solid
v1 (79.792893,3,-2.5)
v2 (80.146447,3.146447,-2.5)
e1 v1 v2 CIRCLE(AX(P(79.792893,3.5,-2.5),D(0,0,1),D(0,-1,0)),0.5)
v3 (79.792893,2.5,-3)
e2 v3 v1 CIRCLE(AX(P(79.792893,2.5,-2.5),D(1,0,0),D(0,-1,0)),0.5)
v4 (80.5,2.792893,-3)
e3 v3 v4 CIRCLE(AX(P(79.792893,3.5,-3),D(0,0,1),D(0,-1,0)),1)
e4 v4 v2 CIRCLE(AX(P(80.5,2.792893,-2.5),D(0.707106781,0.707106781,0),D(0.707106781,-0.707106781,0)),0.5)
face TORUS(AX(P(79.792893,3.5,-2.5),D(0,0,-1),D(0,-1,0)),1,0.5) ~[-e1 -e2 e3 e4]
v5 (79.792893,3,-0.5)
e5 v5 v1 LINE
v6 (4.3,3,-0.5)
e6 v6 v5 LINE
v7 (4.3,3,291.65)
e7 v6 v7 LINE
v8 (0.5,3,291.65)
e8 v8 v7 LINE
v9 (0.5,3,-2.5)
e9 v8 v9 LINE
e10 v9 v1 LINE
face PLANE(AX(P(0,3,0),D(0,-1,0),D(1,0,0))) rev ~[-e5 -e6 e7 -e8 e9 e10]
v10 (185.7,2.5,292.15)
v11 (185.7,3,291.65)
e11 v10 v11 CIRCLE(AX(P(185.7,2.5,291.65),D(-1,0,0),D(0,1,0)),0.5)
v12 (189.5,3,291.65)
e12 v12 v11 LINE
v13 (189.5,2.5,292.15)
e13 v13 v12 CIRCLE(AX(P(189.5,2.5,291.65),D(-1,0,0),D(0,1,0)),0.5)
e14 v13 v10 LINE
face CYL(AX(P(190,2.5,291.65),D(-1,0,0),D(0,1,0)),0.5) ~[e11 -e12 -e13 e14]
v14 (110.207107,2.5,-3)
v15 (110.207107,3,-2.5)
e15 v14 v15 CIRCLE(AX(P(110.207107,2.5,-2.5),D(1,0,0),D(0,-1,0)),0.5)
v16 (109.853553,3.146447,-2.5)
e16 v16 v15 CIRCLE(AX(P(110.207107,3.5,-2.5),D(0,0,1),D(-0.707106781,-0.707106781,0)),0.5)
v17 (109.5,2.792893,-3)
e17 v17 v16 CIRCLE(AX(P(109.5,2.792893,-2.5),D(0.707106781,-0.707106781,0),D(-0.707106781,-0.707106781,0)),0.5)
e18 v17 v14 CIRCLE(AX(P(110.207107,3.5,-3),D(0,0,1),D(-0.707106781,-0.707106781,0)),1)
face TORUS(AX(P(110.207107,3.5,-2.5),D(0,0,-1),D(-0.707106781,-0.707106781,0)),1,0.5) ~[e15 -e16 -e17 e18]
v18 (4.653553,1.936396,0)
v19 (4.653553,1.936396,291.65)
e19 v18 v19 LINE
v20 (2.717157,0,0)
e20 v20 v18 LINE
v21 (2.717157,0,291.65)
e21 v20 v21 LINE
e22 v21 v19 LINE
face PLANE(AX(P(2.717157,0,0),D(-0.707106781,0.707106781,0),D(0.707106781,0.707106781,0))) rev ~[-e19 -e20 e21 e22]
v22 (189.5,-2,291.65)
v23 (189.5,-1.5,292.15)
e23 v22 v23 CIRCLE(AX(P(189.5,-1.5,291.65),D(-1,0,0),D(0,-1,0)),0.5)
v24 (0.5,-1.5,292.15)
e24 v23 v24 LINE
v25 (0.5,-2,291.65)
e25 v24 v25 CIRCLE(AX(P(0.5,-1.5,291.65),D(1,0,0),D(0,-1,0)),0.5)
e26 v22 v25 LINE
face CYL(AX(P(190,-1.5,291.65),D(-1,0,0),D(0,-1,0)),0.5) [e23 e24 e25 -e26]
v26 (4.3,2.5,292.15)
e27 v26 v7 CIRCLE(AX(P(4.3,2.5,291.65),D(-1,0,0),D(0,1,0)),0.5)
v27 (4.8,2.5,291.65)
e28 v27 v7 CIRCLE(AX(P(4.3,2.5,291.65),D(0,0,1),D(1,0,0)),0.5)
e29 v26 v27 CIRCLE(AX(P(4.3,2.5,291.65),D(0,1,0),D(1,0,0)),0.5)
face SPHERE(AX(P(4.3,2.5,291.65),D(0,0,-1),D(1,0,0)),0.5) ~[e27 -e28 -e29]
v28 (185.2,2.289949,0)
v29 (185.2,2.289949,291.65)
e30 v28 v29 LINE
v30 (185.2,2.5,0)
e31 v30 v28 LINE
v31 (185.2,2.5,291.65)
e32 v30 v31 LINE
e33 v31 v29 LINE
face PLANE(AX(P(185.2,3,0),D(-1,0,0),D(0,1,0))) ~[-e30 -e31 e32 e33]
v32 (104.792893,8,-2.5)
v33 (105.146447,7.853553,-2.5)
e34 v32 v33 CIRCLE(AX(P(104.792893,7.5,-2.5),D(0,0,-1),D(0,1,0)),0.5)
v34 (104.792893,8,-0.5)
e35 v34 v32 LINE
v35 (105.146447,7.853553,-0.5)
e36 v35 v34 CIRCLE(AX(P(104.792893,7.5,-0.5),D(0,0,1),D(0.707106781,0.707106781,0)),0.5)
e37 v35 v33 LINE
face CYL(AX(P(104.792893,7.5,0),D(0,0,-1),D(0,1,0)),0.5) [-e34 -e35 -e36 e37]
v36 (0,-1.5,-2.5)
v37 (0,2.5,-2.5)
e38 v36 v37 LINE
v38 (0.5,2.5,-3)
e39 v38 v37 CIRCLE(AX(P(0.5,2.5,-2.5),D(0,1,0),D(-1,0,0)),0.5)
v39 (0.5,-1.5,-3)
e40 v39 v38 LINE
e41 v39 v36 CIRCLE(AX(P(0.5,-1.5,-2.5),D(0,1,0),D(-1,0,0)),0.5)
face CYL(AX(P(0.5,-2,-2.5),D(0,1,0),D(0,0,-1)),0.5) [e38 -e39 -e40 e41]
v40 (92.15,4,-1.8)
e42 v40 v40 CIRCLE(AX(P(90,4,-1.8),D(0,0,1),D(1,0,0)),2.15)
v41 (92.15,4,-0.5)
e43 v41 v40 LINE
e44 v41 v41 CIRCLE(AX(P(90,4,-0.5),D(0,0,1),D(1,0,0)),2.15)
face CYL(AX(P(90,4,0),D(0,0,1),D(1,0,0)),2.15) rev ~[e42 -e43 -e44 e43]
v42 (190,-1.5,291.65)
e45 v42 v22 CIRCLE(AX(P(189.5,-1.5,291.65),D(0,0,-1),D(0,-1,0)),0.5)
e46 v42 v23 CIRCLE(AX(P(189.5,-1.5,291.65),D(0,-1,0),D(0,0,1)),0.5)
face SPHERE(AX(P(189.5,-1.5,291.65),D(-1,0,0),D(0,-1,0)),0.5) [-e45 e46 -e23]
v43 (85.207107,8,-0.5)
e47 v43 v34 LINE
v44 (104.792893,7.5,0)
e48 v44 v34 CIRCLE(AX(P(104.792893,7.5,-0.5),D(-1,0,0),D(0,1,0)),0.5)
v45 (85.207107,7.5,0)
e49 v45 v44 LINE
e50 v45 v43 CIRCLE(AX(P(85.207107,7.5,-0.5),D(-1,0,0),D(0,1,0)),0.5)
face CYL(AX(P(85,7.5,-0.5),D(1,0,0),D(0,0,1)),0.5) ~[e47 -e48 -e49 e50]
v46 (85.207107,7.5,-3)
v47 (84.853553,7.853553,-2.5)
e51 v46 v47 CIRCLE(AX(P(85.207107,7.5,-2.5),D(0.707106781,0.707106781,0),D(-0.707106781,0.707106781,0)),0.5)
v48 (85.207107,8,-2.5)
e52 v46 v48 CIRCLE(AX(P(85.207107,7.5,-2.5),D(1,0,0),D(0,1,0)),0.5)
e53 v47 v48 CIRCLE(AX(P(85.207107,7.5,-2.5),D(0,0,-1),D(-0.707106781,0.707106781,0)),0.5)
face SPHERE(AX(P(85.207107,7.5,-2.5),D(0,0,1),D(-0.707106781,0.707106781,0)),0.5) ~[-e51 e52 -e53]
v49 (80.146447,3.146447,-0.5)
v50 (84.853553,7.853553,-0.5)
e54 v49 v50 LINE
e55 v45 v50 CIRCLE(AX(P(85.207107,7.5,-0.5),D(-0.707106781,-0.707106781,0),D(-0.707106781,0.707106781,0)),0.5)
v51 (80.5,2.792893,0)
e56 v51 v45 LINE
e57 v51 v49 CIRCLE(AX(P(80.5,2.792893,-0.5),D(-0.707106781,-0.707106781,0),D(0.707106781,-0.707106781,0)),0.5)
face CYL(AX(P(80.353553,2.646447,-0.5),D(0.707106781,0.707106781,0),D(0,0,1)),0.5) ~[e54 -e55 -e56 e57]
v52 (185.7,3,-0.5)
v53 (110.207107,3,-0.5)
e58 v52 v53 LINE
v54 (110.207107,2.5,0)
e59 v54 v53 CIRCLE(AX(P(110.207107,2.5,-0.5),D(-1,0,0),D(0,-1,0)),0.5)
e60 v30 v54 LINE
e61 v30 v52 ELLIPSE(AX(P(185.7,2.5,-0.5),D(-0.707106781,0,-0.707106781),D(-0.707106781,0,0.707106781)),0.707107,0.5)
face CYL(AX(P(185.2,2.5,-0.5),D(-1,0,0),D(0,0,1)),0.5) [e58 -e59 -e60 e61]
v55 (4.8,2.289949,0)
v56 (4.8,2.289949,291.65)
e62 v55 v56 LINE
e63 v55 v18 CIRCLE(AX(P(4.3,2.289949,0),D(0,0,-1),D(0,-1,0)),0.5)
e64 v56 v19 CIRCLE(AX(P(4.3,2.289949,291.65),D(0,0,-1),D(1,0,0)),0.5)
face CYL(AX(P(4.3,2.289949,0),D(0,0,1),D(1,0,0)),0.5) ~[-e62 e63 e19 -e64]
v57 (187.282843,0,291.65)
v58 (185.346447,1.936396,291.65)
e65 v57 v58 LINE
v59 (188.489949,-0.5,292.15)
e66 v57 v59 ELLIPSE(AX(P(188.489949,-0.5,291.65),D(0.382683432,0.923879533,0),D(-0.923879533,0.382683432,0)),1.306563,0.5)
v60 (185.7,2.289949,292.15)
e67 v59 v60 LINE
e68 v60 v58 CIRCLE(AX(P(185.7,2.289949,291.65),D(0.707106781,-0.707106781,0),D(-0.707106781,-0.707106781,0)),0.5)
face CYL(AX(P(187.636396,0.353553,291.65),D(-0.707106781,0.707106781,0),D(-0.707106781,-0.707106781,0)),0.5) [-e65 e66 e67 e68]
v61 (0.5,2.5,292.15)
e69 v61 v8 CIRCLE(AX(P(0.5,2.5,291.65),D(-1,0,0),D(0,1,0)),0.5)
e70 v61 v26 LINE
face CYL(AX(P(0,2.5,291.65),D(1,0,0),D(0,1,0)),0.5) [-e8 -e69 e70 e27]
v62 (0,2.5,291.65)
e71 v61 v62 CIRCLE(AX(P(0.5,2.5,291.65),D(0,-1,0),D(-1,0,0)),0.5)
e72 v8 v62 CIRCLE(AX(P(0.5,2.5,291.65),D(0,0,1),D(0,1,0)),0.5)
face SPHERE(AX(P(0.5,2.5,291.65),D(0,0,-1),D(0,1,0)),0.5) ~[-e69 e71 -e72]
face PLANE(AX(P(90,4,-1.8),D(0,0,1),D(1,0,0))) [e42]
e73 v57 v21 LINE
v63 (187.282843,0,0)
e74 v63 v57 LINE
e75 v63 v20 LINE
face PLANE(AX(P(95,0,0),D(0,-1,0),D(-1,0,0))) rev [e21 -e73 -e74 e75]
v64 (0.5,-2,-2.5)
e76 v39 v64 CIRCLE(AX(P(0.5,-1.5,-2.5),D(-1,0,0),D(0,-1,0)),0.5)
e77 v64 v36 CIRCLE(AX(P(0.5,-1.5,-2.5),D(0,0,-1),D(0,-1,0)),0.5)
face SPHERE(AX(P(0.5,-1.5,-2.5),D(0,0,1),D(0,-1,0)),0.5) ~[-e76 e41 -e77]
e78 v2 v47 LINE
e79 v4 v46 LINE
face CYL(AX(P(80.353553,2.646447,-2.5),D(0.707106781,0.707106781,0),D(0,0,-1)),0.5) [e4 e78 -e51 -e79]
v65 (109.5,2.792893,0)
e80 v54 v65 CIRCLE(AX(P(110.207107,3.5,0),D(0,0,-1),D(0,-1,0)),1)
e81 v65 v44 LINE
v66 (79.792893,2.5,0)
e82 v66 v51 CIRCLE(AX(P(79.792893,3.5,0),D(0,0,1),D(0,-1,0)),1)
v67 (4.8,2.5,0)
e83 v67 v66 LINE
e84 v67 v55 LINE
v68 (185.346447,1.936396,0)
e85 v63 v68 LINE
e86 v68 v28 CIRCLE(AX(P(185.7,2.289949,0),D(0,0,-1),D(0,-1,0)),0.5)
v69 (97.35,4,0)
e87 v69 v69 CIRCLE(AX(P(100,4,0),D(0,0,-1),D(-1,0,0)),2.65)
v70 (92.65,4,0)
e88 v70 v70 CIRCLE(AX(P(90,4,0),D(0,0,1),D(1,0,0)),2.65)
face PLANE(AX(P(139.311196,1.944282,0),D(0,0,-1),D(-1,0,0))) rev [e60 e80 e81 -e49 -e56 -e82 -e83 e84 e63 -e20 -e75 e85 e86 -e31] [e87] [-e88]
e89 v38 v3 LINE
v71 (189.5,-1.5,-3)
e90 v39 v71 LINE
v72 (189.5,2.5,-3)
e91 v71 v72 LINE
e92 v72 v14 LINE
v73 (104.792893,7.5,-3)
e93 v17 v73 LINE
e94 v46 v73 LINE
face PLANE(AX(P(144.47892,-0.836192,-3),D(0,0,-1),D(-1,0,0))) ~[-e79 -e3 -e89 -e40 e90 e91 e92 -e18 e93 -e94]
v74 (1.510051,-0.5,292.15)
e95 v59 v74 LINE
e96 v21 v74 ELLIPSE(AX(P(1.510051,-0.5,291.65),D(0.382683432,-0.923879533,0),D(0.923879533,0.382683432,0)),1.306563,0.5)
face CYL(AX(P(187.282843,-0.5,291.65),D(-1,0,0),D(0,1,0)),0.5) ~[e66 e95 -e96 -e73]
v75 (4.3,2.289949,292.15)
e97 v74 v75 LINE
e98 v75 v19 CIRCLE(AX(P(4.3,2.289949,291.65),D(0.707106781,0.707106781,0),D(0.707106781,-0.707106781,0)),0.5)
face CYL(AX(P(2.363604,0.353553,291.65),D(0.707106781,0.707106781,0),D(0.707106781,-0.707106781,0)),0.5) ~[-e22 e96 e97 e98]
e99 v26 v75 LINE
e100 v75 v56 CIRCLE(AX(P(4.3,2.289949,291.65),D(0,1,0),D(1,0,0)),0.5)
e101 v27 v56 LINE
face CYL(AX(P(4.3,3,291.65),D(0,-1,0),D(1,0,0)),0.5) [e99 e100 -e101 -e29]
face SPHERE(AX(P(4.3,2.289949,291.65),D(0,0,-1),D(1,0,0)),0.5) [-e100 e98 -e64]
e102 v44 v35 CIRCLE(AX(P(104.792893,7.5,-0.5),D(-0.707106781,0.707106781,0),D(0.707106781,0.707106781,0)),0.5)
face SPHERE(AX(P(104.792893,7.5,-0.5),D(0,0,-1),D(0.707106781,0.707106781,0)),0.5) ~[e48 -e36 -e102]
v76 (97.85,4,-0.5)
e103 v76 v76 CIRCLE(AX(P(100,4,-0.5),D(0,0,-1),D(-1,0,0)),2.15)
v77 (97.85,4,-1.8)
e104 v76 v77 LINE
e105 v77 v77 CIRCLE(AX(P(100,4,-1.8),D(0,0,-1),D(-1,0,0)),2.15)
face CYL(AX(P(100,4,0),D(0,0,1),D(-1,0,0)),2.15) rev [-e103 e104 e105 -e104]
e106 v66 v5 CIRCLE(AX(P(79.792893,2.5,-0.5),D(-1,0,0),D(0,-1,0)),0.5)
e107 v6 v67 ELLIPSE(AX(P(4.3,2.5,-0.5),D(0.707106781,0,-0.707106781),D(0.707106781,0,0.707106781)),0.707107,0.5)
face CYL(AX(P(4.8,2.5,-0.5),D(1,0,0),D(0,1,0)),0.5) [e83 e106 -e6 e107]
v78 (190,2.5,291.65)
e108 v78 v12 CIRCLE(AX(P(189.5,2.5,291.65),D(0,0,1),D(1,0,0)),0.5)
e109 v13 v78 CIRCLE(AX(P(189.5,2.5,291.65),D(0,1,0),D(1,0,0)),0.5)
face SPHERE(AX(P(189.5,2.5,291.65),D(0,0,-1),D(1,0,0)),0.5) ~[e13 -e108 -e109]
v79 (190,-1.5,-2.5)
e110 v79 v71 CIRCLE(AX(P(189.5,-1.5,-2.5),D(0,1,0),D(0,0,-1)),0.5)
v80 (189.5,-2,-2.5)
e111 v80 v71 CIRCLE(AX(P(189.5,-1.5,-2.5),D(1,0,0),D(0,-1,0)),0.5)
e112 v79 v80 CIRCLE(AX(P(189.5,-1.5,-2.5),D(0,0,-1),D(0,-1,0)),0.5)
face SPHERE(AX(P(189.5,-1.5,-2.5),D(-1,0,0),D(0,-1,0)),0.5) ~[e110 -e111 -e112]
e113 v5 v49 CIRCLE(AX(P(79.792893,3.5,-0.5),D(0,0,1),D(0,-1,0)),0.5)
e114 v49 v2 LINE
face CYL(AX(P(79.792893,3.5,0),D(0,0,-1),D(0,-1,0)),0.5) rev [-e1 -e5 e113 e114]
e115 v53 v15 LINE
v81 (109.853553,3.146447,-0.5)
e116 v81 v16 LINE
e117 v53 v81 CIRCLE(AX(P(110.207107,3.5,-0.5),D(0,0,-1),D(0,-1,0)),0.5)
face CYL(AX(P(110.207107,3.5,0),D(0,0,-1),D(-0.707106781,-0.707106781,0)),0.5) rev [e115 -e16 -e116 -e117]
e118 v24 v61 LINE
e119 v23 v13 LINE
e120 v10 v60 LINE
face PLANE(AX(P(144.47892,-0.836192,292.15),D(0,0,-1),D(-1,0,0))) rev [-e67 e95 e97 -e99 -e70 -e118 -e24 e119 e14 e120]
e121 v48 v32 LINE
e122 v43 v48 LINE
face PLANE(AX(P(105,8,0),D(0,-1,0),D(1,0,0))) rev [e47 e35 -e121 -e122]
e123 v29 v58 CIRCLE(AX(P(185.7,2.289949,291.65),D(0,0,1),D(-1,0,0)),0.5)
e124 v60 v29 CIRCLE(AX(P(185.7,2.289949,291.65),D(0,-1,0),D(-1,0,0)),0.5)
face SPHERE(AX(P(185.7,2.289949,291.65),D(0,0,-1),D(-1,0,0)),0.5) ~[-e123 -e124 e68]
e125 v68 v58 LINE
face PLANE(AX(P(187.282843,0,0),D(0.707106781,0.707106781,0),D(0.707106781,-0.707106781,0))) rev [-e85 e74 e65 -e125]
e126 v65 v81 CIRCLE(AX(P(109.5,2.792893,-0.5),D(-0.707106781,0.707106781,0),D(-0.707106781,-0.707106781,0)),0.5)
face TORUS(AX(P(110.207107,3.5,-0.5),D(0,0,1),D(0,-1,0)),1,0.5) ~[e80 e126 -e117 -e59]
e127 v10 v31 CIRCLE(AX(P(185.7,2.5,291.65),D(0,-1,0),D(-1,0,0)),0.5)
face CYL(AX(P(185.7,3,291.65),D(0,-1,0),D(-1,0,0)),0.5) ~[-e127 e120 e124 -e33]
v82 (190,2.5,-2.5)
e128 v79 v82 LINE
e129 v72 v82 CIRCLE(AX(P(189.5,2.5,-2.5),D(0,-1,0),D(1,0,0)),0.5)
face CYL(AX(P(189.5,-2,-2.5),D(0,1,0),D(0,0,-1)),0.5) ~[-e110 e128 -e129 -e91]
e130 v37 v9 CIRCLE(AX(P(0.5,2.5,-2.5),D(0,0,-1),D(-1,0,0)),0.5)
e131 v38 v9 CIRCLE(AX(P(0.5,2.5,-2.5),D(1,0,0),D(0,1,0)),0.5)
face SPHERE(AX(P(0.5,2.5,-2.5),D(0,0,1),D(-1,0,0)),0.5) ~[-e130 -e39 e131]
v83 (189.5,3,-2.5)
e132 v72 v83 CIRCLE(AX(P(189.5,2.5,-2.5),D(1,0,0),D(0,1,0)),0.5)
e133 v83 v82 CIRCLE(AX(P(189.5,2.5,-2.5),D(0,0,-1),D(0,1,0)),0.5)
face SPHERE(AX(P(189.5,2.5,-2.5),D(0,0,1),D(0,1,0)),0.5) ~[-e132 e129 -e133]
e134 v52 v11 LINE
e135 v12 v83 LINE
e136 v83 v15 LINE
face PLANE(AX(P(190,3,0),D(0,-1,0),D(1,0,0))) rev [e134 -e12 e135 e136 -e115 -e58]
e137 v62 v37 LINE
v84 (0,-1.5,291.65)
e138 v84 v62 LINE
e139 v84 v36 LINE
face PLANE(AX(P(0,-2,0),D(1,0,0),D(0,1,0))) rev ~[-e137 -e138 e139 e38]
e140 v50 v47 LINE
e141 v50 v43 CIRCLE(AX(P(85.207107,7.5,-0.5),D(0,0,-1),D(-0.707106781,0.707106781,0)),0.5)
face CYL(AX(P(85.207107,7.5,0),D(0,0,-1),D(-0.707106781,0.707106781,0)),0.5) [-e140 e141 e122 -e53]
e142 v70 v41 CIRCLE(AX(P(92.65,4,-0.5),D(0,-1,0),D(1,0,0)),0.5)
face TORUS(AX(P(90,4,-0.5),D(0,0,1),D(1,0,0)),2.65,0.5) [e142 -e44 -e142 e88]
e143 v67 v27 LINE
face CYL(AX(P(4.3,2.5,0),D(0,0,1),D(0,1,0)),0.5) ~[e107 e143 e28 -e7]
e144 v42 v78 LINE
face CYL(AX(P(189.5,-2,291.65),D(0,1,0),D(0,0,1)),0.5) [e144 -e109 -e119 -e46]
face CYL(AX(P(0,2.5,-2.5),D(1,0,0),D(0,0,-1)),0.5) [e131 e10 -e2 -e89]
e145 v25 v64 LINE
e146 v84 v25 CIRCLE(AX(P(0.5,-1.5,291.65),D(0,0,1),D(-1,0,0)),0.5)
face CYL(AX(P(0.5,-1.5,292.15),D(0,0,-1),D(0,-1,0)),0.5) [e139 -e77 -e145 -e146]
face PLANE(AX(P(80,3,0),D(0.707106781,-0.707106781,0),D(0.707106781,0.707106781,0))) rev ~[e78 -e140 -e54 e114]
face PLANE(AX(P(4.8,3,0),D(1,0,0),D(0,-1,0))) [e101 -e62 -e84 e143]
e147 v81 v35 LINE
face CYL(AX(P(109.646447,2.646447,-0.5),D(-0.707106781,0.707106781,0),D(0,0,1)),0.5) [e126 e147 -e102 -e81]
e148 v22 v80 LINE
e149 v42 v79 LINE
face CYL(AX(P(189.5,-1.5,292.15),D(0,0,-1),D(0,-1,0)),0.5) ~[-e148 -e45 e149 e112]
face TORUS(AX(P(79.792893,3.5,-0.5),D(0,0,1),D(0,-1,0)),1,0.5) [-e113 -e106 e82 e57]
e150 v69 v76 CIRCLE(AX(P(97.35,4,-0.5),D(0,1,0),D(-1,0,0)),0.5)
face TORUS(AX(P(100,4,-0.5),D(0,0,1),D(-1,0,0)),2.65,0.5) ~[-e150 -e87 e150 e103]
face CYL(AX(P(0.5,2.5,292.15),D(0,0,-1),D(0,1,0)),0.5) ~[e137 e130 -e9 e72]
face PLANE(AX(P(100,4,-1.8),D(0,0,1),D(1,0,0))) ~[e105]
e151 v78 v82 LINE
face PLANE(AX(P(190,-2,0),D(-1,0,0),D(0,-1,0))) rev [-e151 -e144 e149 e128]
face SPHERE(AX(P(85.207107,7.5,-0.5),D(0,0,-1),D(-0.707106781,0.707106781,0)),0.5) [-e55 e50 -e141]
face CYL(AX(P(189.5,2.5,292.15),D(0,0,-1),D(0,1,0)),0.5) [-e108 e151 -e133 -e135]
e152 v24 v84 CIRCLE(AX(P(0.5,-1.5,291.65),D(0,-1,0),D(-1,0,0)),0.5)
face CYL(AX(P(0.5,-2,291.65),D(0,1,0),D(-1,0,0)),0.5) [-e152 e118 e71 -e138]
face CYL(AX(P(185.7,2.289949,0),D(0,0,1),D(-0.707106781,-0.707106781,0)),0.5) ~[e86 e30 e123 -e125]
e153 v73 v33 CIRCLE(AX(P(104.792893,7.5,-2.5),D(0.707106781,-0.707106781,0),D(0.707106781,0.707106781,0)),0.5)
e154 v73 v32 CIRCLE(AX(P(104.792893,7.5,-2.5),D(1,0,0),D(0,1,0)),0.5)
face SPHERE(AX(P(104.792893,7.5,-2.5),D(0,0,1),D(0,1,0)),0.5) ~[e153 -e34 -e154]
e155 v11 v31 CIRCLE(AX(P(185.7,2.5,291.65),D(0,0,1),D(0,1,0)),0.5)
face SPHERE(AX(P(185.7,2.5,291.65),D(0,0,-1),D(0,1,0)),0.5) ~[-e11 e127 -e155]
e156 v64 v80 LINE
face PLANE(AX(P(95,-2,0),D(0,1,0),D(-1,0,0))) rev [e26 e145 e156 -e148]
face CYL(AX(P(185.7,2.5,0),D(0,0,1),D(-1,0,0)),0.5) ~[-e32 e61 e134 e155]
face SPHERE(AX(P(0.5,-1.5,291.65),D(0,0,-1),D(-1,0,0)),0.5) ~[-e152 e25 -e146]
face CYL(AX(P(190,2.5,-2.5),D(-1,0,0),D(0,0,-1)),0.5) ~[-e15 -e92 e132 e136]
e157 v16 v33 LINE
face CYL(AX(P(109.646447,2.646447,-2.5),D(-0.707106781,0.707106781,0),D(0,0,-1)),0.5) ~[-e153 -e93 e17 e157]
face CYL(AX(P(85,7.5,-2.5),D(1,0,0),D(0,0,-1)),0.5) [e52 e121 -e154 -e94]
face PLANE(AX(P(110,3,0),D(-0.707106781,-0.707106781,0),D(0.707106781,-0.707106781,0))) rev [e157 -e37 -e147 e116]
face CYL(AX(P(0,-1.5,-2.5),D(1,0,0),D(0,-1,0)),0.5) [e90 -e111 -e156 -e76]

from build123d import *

# Parameters (mm, degrees)
BOSS_EXTRUDE1_DEPTH = 292.15
BOSS_EXTRUDE2_DEPTH = 3
SKETCH1_5_R         = 2.15
CUT_EXTRUDE1_DEPTH  = 1.8
FILLET1_R           = 0.5


with BuildPart() as part:
    # Sketch1 → Boss-Extrude1 (new body)
    with BuildSketch(Plane.XY):
        Polygon((4.8, 3), (0, 3), (0, -2), (95, -2), (95, 0), (3, 0), (2.717157288, 0), (2.858578644, 0.141421356), (4.8, 2.082842712), align=None)
    extrude(amount=BOSS_EXTRUDE1_DEPTH)

    # Sketch1<3> → Boss-Extrude2 (add)
    with BuildSketch(Plane.XY):
        Polygon((0, 3), (0, -2), (95, -2), (95, 8), (85, 8), (80, 3), align=None)
    extrude(amount=-BOSS_EXTRUDE2_DEPTH)

    # Sketch1<5> → Cut-Extrude1 (cut)
    with BuildSketch(Plane.XY):
        with Locations((90, 4)):
            Circle(SKETCH1_5_R)
    extrude(amount=-CUT_EXTRUDE1_DEPTH, mode=Mode.SUBTRACT)

    # Mirror1: part across plane


with BuildPart() as part_1:
    add(part.part)
    add(part.part.mirror(Plane(origin=(95, 0, 292.15), x_dir=(0, 0, 1), z_dir=(-1, 0, 0))))

    # Fillet1
    fillet1_edges = [part_1.edges().sort_by_distance(p)[0] for p in [
        (186.241421356, 1.041421356, 292.15),
        (185.2, 2.541421356, 292.15),
        (187.6, 3, 292.15),
        (190, 0.5, 292.15),
        (95, -2, 292.15),
        (0, 0.5, 292.15),
        (2.4, 3, 292.15),
        (4.8, 2.541421356, 292.15),
        (3.758578644, 1.041421356, 292.15),
        (95, 0, 292.15),
        (107.5, 5.5, 0),
        (82.5, 5.5, 0),
        (190, -2, 144.575),
        (0, -2, 144.575),
        (82.5, 5.5, -3),
        (0, 0.5, -3),
        (95, -2, -3),
        (190, 0.5, -3),
        (107.5, 5.5, -3),
        (85, 8, -1.5),
        (95, 8, -3),
        (105, 8, -1.5),
        (95, 8, 0),
        (147.6, 3, 0),
        (110, 3, -1.5),
        (150, 3, -3),
        (190, 3, 144.575),
        (185.2, 3, 146.075),
        (0, 3, 144.575),
        (40, 3, -3),
        (80, 3, -1.5),
        (42.4, 3, 0),
        (4.8, 3, 146.075),
        (4.8, 2.082842712, 146.075),
        (185.2, 2.082842712, 146.075),
        (87.85, 4, 0),
        (102.15, 4, 0),
    ]]
    fillet(fillet1_edges, radius=FILLET1_R)


solid = part_1.part
